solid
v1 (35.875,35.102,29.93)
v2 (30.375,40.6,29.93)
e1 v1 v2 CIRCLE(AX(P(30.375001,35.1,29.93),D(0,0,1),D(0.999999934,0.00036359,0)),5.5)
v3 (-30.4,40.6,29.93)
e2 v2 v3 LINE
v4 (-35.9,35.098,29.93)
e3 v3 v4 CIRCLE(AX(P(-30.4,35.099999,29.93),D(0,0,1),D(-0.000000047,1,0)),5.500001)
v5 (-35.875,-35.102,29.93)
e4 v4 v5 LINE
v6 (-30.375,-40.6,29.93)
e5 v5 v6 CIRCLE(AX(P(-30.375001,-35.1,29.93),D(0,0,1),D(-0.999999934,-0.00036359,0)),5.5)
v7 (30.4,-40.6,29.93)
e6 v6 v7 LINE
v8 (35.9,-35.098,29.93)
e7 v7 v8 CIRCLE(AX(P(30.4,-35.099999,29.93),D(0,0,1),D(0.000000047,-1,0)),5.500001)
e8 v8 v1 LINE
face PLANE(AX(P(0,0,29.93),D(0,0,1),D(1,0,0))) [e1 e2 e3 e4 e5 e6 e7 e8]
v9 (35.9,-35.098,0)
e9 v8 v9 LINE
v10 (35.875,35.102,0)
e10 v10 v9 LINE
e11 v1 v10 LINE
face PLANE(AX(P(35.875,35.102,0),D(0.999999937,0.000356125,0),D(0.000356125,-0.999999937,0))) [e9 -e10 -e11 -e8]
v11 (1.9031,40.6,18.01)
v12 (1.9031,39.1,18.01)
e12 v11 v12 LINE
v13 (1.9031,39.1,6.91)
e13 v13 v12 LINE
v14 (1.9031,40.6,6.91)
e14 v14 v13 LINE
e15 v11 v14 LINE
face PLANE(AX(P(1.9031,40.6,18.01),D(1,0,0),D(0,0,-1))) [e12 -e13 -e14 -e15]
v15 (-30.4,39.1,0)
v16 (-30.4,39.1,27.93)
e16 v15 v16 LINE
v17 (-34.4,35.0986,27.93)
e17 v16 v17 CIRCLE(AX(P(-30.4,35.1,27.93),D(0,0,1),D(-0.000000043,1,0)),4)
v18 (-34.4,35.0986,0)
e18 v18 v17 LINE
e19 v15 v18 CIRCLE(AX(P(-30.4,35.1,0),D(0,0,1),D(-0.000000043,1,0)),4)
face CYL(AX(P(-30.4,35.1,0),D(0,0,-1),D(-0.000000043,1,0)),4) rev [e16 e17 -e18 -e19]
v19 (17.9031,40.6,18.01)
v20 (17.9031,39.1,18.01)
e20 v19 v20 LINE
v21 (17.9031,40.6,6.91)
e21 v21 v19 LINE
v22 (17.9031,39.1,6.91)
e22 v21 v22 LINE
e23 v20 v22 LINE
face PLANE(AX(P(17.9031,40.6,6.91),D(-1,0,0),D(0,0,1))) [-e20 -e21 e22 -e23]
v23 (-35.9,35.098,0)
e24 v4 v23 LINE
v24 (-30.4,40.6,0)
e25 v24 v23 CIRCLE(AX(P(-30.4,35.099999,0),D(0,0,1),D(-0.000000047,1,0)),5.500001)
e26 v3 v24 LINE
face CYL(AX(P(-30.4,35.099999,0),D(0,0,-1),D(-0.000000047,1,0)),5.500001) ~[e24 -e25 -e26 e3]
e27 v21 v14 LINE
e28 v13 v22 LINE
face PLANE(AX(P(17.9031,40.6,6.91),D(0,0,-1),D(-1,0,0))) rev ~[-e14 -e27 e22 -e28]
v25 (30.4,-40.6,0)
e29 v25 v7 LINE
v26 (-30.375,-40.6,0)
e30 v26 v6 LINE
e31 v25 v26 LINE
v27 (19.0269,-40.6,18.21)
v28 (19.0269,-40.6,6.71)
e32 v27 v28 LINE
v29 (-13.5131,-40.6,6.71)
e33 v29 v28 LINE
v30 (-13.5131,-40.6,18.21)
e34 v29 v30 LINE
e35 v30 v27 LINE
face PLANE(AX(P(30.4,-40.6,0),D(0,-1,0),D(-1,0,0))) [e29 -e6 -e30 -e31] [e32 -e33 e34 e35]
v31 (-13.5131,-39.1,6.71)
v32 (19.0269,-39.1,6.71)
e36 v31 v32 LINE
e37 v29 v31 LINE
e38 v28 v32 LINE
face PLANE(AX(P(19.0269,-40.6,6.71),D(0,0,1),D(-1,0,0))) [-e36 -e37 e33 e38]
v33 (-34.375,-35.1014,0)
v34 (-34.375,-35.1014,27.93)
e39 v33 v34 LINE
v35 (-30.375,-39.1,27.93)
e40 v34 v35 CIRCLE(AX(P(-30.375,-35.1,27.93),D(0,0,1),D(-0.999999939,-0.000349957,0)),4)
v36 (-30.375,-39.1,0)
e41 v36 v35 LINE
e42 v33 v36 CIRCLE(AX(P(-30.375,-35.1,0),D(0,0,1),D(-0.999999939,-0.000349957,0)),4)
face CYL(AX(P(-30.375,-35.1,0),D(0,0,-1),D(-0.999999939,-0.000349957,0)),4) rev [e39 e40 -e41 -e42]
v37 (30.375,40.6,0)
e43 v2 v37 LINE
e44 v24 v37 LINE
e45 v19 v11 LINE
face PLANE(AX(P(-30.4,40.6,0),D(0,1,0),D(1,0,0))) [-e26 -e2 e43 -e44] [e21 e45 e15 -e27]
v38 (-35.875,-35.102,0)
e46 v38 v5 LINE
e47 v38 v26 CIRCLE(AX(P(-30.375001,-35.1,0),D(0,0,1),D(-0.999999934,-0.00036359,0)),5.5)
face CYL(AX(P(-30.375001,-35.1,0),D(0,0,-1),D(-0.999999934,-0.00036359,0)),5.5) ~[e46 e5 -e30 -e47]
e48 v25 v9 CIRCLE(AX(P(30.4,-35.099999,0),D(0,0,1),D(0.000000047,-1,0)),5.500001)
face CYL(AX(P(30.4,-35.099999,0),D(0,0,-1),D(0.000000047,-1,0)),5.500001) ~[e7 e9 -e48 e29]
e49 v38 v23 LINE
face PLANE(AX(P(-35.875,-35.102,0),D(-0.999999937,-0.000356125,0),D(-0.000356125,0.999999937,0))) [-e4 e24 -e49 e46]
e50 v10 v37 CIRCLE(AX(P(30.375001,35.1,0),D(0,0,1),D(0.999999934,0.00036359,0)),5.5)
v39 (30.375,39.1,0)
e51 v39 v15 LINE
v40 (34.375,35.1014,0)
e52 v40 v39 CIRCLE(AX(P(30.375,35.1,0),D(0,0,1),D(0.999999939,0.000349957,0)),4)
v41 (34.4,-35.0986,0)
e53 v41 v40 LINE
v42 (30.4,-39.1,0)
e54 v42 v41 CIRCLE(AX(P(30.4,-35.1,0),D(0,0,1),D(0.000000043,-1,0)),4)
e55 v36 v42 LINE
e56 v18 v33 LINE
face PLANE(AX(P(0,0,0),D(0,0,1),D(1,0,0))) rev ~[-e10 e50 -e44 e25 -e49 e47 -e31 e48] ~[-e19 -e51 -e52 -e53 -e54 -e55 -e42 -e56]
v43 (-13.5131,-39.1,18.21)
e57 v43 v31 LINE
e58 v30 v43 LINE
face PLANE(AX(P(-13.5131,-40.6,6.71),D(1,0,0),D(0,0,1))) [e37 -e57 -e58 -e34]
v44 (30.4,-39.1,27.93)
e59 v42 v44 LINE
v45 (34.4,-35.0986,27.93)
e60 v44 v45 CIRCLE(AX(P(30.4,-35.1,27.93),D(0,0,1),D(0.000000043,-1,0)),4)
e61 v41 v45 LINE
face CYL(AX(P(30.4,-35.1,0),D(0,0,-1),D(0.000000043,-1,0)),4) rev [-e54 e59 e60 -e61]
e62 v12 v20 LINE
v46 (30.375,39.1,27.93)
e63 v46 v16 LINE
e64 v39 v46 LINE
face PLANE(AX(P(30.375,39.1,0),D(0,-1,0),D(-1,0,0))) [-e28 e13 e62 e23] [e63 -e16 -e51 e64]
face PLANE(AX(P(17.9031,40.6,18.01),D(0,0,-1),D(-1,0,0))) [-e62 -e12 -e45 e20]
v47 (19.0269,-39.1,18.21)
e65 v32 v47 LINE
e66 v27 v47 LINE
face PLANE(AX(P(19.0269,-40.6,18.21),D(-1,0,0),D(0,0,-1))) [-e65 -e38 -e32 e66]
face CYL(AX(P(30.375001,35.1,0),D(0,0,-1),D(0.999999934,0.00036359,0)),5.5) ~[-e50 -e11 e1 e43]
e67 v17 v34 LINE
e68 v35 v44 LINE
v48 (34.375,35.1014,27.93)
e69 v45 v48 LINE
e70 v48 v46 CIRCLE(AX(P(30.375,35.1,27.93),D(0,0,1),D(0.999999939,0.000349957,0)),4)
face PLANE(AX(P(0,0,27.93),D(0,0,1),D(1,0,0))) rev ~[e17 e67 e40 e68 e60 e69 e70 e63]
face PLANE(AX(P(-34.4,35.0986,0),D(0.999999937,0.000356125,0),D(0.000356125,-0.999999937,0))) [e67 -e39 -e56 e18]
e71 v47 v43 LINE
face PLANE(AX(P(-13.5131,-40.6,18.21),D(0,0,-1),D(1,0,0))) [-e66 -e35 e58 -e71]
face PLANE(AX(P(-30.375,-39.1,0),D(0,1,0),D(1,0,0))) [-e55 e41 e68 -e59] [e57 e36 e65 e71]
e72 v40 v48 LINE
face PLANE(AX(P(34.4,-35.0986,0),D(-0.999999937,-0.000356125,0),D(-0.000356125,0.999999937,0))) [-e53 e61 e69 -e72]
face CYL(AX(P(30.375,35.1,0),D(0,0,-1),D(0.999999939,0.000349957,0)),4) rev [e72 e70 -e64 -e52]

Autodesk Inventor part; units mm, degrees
ref_plane "YZ Plane" through (0, 0, 0) normal (1, 0, 0) x (0, 1, 0)
ref_plane "XZ Plane" through (0, 0, 0) normal (0, 1, 0) x (-1, 0, 0)
ref_plane "XY Plane" through (0, 0, 0) normal (0, 0, 1) x (1, 0, 0)
ref_plane "Work Plane1" through (0, 0, 0) normal (0, 0, 1) x (1, 0, 0)
sketch "Sketch1" plane through (0, 0, 0) normal (0, 0, 1) x (1, 0, 0)
  line L0 (30.375, 39.1) -> (-30.4, 39.1) projected
  arc A0 (34.375, 35.1014) -> (30.375, 39.1) centre (30.375, 35.1) ccw projected
  line L1 (34.4, -35.0986) -> (34.375, 35.1014) projected
  arc A1 (30.4, -39.1) -> (34.4, -35.0986) centre (30.4, -35.1) ccw projected
  line L2 (-30.375, -39.1) -> (30.4, -39.1) projected
  arc A2 (-34.375, -35.1014) -> (-30.375, -39.1) centre (-30.375, -35.1) ccw projected
  line L3 (-34.4, 35.0986) -> (-34.375, -35.1014) projected
  arc A3 (-30.4, 39.1) -> (-34.4, 35.0986) centre (-30.4, 35.1) ccw projected
  arc A4 (-35.875, -35.102) -> (-30.375, -40.6) centre (-30.375, -35.1) ccw projected
  line L4 (30.4, -40.6) -> (-30.375, -40.6) projected
  arc A5 (30.4, -40.6) -> (35.9, -35.098) centre (30.4, -35.1) ccw projected
  line L5 (35.875, 35.102) -> (35.9, -35.098) projected
  arc A6 (35.875, 35.102) -> (30.375, 40.6) centre (30.375, 35.1) ccw projected
  line L6 (-30.4, 40.6) -> (30.375, 40.6) projected
  arc A7 (-30.4, 40.6) -> (-35.9, 35.098) centre (-30.4, 35.1) ccw projected
  line L7 (-35.875, -35.102) -> (-35.9, 35.098) projected
  point P0 (0, 0)
extrude "Extrusion1" add sketch "Sketch1" along normal blind 27.93
sketch "Sketch2" plane through (0, 0, 27.93) normal (0, 0, 1) x (1, 0, 0)
  line L0 (-35.9, 35.098) -> (-35.875, -35.102) projected
  arc A0 (-35.875, -35.102) -> (-30.375, -40.6) centre (-30.375, -35.1) ccw projected
  line L1 (-30.375, -40.6) -> (30.4, -40.6) projected
  arc A1 (30.4, -40.6) -> (35.9, -35.098) centre (30.4, -35.1) ccw projected
  line L2 (35.9, -35.098) -> (35.875, 35.102) projected
  arc A2 (35.875, 35.102) -> (30.375, 40.6) centre (30.375, 35.1) ccw projected
  line L3 (30.375, 40.6) -> (-30.4, 40.6) projected
  arc A3 (-30.4, 40.6) -> (-35.9, 35.098) centre (-30.4, 35.1) ccw projected
  point P0 (0, 0)
extrude "Extrusion2" add sketch "Sketch2" along normal blind 2
sketch "Sketch3" plane through (-30.4, 40.6, 0) normal (0, 1, 0) x (1, 0, 0)
  line L0 (48.3031, -6.91) -> (17.8231, -6.91) projected
  line L1 (48.3031, -6.91) -> (48.3031, -18.01) projected
  line L2 (17.8231, -6.91) -> (17.8231, -18.01) projected
  line L3 (48.3031, -18.01) -> (17.8231, -18.01)
  line L4 (48.3031, -18.01) -> (32.3031, -18.01)
  line L5 (32.3031, -18.01) -> (32.3031, -6.91)
  point P0 (30.4, 0)
  dimension "d9" = 16
extrude "Extrusion3" cut sketch "Sketch3" against normal blind 7.45 contours L1 L3 L5 L0
sketch "Sketch4" plane through (-30.375, -40.6, 0) normal (0, -1, 0) x (1, 0, 0)
  line L0 (17.0619, 6.91) -> (17.0619, 18.01) projected
  line L1 (32.3019, 6.91) -> (17.0619, 6.91) projected
  line L2 (49.2019, 6.91) -> (33.9619, 6.91) projected
  line L3 (49.2019, 6.91) -> (49.2019, 18.01) projected
  line L4 (17.0619, 18.01) -> (49.2019, 18.01)
  line L5 (32.3019, 6.91) -> (33.9619, 6.91)
  line L6 (-0.025, 0) -> (60.75, 0) projected
  line L7 (49.4019, 18.21) -> (49.4019, 6.71)
  line L8 (49.4019, 6.71) -> (33.9619, 6.71)
  line L9 (33.9619, 6.71) -> (32.3019, 6.71)
  line L10 (32.3019, 6.71) -> (16.8619, 6.71)
  line L11 (16.8619, 6.71) -> (16.8619, 18.21)
  line L12 (16.8619, 18.21) -> (49.4019, 18.21)
  point P0 (30.375, 0)
  dimension "d6" = 0.2
extrude "Extrusion4" cut sketch "Sketch4" against normal blind 7.45 contours L0 L4 L3 L2 L5 L1 | L7 L8 L9 L10 L11 L12
